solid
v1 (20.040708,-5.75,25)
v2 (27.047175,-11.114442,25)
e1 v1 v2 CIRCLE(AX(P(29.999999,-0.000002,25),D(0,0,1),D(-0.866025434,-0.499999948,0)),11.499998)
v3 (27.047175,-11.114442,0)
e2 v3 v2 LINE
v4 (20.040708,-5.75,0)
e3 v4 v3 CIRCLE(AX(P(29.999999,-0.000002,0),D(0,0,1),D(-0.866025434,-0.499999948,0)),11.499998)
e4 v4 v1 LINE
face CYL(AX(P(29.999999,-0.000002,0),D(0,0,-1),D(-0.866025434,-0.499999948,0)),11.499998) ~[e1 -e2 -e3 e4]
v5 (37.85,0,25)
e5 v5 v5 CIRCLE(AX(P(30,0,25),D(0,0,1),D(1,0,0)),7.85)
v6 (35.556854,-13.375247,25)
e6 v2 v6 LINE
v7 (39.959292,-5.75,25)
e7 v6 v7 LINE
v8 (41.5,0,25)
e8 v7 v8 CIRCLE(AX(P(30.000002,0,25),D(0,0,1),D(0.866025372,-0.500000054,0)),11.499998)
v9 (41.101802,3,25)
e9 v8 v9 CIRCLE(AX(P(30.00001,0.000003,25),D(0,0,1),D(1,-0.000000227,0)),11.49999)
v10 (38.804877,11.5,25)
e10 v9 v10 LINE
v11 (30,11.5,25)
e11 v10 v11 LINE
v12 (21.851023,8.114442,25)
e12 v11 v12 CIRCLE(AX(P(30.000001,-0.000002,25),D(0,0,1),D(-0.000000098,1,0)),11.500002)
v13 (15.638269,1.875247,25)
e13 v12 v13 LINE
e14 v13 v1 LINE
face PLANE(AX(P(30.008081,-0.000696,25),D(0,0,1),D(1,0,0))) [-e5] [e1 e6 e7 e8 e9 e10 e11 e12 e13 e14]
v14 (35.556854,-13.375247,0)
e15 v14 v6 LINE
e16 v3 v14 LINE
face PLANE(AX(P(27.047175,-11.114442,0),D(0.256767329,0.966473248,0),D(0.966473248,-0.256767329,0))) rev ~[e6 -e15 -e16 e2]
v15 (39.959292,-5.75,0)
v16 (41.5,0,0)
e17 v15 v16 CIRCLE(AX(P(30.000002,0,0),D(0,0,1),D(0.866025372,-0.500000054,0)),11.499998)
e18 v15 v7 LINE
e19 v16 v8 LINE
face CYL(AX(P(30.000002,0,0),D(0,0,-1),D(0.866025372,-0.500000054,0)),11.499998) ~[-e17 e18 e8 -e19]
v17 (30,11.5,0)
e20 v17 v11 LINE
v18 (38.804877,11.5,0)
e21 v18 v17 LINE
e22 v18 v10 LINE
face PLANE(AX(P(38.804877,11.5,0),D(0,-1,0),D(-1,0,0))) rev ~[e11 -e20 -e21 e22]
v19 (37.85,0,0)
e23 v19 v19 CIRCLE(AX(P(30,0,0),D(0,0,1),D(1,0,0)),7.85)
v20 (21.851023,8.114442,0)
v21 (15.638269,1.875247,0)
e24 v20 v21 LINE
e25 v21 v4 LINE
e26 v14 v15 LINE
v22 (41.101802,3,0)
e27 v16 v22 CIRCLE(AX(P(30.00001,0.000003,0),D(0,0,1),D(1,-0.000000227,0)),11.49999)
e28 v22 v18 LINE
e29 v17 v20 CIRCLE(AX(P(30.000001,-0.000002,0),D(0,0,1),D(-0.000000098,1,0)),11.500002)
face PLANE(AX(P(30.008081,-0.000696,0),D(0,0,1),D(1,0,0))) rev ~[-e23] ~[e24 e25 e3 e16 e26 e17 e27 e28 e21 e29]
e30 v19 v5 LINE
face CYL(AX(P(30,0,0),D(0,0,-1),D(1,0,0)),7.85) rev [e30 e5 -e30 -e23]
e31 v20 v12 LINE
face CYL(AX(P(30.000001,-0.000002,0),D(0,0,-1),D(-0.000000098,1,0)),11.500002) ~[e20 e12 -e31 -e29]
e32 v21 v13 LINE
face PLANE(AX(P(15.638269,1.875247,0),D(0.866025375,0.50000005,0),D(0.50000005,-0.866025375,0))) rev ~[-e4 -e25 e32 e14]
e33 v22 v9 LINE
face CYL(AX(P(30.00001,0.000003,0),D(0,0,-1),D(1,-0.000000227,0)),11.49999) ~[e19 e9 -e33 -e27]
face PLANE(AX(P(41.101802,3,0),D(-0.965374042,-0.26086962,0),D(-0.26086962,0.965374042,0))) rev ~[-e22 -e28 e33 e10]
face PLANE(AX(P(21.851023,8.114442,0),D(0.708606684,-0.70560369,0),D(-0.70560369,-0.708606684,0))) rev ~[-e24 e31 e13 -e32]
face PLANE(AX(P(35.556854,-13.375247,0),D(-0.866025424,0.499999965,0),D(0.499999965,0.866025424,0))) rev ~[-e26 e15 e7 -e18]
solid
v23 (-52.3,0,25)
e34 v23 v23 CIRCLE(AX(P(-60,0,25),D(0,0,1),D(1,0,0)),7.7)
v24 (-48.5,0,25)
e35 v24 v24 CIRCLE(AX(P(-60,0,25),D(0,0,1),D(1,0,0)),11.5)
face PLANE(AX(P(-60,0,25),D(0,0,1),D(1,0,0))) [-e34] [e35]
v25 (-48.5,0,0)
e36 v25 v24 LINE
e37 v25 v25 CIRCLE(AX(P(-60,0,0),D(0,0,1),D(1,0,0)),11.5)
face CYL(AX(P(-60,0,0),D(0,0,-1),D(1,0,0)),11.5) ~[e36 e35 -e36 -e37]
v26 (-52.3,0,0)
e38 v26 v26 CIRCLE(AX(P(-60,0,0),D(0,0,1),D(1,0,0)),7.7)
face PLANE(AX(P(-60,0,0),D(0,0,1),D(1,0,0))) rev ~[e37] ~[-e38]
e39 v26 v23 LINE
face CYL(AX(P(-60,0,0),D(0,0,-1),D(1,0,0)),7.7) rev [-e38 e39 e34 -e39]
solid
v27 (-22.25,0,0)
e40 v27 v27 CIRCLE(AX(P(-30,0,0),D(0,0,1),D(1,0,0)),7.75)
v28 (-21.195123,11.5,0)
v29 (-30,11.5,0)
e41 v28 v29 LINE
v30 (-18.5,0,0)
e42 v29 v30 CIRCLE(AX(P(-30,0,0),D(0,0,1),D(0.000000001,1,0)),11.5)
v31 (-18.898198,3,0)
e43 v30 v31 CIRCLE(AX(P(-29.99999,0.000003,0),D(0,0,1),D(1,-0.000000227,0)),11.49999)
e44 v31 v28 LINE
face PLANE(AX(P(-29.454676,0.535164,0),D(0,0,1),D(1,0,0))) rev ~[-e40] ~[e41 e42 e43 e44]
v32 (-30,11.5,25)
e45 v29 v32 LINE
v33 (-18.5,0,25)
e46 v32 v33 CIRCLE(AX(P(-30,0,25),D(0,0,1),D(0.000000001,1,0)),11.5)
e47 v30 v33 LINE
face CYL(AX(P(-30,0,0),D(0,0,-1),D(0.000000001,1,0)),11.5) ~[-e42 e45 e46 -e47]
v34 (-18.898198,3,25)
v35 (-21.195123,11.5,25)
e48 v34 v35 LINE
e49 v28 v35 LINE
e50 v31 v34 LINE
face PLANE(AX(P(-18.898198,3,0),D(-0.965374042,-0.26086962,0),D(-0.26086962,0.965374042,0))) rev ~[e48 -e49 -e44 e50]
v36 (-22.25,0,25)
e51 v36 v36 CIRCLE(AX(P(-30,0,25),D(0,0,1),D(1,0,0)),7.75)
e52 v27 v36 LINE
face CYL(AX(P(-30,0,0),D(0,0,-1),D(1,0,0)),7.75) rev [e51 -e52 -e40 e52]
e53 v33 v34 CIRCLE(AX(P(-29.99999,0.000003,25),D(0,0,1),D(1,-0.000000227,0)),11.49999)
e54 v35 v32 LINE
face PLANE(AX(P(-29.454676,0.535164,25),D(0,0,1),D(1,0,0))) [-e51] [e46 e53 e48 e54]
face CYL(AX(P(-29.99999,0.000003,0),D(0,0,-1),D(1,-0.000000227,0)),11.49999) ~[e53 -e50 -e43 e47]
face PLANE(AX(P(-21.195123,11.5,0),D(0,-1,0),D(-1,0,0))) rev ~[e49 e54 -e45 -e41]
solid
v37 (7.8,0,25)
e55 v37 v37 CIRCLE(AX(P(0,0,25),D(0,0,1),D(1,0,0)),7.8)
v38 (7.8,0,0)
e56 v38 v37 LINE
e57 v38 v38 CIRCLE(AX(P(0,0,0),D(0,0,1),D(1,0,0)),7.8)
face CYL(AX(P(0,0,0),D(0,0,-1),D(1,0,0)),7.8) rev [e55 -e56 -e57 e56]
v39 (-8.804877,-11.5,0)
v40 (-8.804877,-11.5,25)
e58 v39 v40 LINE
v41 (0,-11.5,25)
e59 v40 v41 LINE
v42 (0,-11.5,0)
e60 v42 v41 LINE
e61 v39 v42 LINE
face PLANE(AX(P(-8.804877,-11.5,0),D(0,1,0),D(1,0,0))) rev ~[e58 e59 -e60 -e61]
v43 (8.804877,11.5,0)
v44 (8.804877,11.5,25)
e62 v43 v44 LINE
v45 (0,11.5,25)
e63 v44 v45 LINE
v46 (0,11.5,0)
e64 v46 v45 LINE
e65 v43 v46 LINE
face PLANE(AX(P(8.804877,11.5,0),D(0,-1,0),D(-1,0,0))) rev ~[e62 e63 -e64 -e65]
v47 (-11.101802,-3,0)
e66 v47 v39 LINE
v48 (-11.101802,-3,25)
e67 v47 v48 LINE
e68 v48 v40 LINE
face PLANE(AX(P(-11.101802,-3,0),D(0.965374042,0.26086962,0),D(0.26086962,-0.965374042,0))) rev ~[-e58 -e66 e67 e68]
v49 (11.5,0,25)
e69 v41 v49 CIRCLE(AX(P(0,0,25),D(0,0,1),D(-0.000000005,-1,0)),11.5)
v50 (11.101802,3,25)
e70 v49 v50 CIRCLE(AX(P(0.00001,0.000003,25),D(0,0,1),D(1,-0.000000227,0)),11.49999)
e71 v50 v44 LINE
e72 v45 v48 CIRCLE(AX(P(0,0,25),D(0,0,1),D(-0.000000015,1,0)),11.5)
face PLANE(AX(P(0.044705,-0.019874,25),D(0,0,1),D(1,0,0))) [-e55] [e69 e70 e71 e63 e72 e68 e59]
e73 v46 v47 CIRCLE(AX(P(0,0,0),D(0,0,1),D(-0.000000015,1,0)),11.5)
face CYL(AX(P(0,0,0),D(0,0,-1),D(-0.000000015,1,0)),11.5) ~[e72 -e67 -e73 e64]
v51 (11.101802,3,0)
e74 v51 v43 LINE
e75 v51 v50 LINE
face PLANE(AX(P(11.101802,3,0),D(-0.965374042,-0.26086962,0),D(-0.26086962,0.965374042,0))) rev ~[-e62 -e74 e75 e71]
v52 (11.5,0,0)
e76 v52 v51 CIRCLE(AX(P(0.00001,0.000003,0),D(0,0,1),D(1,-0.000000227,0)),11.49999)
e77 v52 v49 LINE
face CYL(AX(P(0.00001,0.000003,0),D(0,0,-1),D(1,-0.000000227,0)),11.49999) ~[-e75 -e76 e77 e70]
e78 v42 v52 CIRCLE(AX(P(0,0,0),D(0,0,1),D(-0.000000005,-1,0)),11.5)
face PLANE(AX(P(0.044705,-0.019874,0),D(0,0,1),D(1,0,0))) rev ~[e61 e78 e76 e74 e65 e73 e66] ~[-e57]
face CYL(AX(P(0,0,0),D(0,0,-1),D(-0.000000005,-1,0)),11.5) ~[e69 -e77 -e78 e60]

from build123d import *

# Parameters (mm, degrees)
F0_R     = 7.75
F0_R_2   = 7.8
F0_R_3   = 7.85
F0_R_4   = 11.5
F0_R_5   = 7.7
F1_DEPTH = 25


with BuildPart() as f1:
    # F0 (on Top) → F1 (new body)
    with BuildSketch(Plane.XY):
        with BuildLine():
            ThreePointArc((-30, 11.5), (-38.131728, -8.131728), (-18.5, 0))
            ThreePointArc((-18.5, 0), (-18.599984, 1.513156), (-18.898198, 3))
            ThreePointArc((-18.898198, 3), (-23.008934, 9.130991), (-30, 11.5))
        make_face()
        with Locations((-30, 0)):
            Circle(F0_R, mode=Mode.SUBTRACT)
        with BuildLine():
            ThreePointArc((-30, 11.5), (-23.008934, 9.130991), (-18.898198, 3))
            Line((-18.898198, 3), (-21.195123, 11.5))
            Line((-21.195123, 11.5), (-30, 11.5))
        make_face()
        with BuildLine():
            ThreePointArc((0, -11.5), (8.131728, -8.131728), (11.5, 0))
            ThreePointArc((11.5, 0), (11.400016, 1.513156), (11.101802, 3))
            ThreePointArc((11.101802, 3), (6.991066, 9.130991), (0, 11.5))
            ThreePointArc((0, 11.5), (-9.130991, 6.991066), (-11.101802, -3))
            ThreePointArc((-11.101802, -3), (-6.991066, -9.130991), (0, -11.5))
        make_face()
        Circle(F0_R_2, mode=Mode.SUBTRACT)
        with BuildLine():
            ThreePointArc((0, 11.5), (6.991066, 9.130991), (11.101802, 3))
            Line((11.101802, 3), (8.804877, 11.5))
            Line((8.804877, 11.5), (0, 11.5))
        make_face()
        with BuildLine():
            Line((-8.804877, -11.5), (0, -11.5))
            ThreePointArc((0, -11.5), (-6.991066, -9.130991), (-11.101802, -3))
            Line((-11.101802, -3), (-8.804877, -11.5))
        make_face()
        with BuildLine():
            ThreePointArc((39.959292, -5.75), (41.108147, -2.976419), (41.5, 0))
            ThreePointArc((41.5, 0), (41.400016, 1.513156), (41.101802, 3))
            ThreePointArc((41.101802, 3), (36.991066, 9.130991), (30, 11.5))
            ThreePointArc((30, 11.5), (25.587863, 10.619936), (21.851023, 8.114442))
            ThreePointArc((21.851023, 8.114442), (18.596797, 1.488945), (20.040708, -5.75))
            ThreePointArc((20.040708, -5.75), (23.008934, -9.130991), (27.047175, -11.114442))
            ThreePointArc((27.047175, -11.114442), (34.412137, -10.619936), (39.959292, -5.75))
        make_face()
        with Locations((30, 0)):
            Circle(F0_R_3, mode=Mode.SUBTRACT)
        with BuildLine():
            ThreePointArc((30, 11.5), (36.991066, 9.130991), (41.101802, 3))
            Line((41.101802, 3), (38.804877, 11.5))
            Line((38.804877, 11.5), (30, 11.5))
        make_face()
        with BuildLine():
            Line((35.556854, -13.375247), (39.959292, -5.75))
            ThreePointArc((39.959292, -5.75), (34.412137, -10.619936), (27.047175, -11.114442))
            Line((27.047175, -11.114442), (35.556854, -13.375247))
        make_face()
        with BuildLine():
            ThreePointArc((20.040708, -5.75), (18.596797, 1.488945), (21.851023, 8.114442))
            Line((21.851023, 8.114442), (15.638269, 1.875247))
            Line((15.638269, 1.875247), (20.040708, -5.75))
        make_face()
        with Locations((-60, 0)):
            Circle(F0_R_4)
        with Locations((-60, 0)):
            Circle(F0_R_5, mode=Mode.SUBTRACT)
    extrude(amount=F1_DEPTH)


solid = f1.part
